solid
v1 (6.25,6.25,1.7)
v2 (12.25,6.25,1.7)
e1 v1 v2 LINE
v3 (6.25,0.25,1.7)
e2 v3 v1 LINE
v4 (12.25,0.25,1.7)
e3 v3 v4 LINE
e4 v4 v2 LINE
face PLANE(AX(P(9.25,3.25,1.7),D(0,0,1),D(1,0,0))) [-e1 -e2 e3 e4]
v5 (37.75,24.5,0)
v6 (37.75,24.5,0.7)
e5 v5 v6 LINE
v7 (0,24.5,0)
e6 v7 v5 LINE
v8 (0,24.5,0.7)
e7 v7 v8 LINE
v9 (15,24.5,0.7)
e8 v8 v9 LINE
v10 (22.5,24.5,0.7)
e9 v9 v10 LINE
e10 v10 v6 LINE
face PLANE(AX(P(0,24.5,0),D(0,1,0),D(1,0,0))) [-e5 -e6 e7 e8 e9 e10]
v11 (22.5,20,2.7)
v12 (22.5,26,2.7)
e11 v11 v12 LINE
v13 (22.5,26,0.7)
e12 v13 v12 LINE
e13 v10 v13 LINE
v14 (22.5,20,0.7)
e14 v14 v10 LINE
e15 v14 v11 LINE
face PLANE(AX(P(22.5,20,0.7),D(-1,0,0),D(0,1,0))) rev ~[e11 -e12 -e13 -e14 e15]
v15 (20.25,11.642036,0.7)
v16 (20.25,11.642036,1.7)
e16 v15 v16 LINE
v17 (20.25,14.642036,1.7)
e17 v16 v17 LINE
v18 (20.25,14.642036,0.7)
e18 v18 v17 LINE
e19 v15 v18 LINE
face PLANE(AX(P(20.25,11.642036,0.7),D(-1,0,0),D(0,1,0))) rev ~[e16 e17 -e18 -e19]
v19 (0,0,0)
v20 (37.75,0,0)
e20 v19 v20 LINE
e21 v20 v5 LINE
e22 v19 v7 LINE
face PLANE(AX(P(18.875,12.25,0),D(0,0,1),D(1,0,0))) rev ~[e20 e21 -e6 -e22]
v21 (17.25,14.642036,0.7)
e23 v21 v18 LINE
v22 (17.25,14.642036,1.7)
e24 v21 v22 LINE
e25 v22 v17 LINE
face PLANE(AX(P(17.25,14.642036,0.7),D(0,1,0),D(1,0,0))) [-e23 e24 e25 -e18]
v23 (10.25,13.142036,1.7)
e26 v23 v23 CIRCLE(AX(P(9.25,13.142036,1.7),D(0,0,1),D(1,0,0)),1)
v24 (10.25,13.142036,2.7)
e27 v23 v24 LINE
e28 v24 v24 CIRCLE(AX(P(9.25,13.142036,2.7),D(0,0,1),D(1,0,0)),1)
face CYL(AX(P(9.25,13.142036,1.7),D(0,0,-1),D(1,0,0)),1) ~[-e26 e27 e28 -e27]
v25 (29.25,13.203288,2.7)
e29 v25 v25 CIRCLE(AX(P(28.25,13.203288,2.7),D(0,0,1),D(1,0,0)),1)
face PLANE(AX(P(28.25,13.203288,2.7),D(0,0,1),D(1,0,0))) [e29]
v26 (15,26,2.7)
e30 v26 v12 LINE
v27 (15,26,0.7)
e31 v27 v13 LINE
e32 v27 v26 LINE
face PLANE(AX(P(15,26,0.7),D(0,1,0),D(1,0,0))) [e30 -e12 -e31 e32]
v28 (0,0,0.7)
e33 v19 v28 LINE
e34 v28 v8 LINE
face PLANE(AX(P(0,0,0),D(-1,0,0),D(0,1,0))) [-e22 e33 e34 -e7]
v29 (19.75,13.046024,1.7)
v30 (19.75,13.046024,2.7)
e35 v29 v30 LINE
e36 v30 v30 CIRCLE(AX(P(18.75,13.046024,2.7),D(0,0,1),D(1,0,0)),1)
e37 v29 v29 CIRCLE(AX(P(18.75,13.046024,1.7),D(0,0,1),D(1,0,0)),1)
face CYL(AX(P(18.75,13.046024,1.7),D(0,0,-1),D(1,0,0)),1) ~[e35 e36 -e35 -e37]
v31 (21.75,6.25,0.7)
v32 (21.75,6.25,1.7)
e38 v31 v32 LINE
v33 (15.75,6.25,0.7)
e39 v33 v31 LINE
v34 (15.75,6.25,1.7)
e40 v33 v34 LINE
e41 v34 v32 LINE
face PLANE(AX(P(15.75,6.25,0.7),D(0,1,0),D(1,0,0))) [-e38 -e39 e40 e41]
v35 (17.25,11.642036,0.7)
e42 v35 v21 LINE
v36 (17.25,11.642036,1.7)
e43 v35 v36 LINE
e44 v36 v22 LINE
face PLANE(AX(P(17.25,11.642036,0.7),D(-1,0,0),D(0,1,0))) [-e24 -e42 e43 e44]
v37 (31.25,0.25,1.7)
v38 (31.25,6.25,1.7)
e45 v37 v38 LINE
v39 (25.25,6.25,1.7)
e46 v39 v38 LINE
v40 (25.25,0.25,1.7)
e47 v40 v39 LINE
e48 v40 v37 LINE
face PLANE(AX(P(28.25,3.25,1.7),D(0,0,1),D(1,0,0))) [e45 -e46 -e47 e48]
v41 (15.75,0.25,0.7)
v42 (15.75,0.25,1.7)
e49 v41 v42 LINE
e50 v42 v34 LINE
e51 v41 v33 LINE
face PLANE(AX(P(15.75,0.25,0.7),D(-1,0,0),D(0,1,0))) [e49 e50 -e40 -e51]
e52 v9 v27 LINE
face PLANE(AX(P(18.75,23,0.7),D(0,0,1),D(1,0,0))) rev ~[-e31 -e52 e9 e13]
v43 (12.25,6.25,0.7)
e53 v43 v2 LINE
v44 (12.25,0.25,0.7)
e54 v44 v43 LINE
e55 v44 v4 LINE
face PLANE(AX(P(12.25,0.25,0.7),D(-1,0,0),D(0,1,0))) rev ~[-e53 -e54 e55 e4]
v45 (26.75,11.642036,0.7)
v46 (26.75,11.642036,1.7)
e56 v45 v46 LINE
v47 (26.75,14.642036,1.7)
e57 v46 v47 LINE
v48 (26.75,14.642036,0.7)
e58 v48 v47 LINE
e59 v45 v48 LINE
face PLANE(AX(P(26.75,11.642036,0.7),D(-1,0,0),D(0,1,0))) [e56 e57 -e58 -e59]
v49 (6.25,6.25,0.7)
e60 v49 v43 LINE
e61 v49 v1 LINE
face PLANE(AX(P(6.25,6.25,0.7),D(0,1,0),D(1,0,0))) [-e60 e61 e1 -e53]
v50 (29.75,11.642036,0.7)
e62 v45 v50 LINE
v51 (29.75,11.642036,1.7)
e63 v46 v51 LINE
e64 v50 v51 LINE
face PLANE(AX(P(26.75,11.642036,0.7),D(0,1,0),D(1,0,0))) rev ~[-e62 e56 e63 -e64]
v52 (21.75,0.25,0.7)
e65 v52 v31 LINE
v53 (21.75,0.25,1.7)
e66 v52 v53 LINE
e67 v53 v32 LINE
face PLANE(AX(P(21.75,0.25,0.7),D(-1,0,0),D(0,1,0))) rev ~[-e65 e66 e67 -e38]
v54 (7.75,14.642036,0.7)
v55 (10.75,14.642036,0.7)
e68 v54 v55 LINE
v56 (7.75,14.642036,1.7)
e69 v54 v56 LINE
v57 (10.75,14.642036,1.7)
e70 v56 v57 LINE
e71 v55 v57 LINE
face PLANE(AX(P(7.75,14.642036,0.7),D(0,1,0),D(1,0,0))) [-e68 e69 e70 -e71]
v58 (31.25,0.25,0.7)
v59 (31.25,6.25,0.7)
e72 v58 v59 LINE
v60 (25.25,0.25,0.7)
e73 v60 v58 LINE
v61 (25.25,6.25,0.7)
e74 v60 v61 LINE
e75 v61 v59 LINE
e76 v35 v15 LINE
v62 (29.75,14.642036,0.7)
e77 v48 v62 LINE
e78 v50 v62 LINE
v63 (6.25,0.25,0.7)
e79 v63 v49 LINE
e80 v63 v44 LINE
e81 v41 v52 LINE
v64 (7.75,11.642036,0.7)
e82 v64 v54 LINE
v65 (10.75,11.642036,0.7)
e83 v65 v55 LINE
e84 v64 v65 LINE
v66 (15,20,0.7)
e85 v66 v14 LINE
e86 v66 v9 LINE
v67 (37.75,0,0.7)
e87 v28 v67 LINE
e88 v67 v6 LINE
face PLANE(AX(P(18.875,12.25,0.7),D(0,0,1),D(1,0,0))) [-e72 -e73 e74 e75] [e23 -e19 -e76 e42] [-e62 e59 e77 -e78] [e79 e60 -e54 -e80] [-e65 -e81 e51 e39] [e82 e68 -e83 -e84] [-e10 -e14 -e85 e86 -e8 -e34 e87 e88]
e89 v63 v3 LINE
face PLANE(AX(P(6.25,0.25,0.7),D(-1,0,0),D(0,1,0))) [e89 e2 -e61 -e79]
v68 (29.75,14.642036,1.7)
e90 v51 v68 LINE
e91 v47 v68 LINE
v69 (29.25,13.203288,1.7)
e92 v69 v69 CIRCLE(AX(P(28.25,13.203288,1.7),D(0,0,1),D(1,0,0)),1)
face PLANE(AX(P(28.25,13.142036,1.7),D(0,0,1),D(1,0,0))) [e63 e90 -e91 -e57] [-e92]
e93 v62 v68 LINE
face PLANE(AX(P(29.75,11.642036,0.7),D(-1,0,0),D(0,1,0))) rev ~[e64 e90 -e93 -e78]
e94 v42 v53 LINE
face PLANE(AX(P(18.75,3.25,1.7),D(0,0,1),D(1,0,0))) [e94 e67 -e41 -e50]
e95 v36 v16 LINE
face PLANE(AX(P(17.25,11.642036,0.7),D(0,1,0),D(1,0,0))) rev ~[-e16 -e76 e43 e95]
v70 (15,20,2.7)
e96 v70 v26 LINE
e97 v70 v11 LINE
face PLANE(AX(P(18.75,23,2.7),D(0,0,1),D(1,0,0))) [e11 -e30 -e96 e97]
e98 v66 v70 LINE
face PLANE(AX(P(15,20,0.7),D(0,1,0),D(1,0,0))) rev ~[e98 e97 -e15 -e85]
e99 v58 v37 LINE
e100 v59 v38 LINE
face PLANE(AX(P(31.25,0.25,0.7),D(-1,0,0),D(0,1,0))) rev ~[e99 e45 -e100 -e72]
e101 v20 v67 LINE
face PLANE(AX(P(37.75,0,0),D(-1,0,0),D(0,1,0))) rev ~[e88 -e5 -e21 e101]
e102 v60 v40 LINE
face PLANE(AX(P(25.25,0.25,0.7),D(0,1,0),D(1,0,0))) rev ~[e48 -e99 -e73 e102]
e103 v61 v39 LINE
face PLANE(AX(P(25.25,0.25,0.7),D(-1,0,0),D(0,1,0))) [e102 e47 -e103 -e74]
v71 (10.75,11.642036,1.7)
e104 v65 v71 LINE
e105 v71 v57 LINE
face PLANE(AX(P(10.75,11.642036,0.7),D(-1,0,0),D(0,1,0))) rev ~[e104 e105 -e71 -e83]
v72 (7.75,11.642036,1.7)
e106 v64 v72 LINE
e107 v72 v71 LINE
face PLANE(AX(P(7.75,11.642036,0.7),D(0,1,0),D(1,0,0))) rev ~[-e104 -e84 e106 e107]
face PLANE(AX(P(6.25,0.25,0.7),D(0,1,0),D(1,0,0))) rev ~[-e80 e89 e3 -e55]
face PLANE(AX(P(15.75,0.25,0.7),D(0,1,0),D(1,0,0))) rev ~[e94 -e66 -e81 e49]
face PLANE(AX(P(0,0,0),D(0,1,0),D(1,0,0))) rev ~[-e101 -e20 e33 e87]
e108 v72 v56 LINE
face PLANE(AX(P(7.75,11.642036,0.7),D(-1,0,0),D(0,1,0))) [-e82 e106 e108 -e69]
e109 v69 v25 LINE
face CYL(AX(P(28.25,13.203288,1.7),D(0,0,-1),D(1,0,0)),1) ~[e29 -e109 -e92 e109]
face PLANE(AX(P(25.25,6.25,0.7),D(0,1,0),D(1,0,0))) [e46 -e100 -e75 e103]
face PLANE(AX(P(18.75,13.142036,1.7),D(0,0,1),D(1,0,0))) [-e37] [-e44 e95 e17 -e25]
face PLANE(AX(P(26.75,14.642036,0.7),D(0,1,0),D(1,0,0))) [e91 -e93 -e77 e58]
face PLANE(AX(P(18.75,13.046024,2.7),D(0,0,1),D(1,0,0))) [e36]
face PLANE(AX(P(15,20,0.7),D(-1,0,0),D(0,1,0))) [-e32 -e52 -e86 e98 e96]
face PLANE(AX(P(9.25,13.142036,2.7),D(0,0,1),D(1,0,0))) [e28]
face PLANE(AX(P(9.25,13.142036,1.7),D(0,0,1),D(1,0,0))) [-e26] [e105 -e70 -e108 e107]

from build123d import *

# Parameters (mm, degrees)
F0_W     = 37.75
F0_H     = 24.5
F1_DEPTH = 0.7
F2_W     = 6
F2_H     = 6
F3_DEPTH = 1
F4_W     = 3
F4_H     = 3
F5_DEPTH = 1
F6_R     = 1
F7_DEPTH = 1
F8_W     = 7.5
F8_H     = 6
F9_DEPTH = 2


with BuildPart() as f1:
    # F0 (on Top) → F1 (new body)
    with BuildSketch(Plane.XY):
        with Locations((18.875, 12.25)):
            Rectangle(F0_W, F0_H)
    extrude(amount=F1_DEPTH)

    # F2 (on face) → F3 (join)
    with BuildSketch(Plane.XY.offset(0.7)):
        with Locations((9.25, 3.25)):
            Rectangle(F2_W, F2_H)
        with Locations((18.75, 3.25)):
            Rectangle(F2_W, F2_H)
        with Locations((28.25, 3.25)):
            Rectangle(F2_W, F2_H)
    extrude(amount=F3_DEPTH)

    # F4 (on face) → F5 (join)
    with BuildSketch(Plane.XY.offset(0.7)):
        with Locations((9.25, 13.142036)):
            Rectangle(F4_W, F4_H)
        with Locations((18.75, 13.142036)):
            Rectangle(F4_W, F4_H)
        with Locations((28.25, 13.142036)):
            Rectangle(F4_W, F4_H)
    extrude(amount=F5_DEPTH)

    # F6 (on face) → F7 (join)
    with BuildSketch(Plane.XY.offset(1.7)):
        with Locations((9.25, 13.142036)):
            Circle(F6_R)
        with Locations((18.75, 13.046024)):
            Circle(F6_R)
        with Locations((28.25, 13.203288)):
            Circle(F6_R)
    extrude(amount=F7_DEPTH)

    # F8 (on face) → F9 (join)
    with BuildSketch(Plane.XY.offset(0.7)):
        with Locations((18.75, 23)):
            Rectangle(F8_W, F8_H)
    extrude(amount=F9_DEPTH)


solid = f1.part
